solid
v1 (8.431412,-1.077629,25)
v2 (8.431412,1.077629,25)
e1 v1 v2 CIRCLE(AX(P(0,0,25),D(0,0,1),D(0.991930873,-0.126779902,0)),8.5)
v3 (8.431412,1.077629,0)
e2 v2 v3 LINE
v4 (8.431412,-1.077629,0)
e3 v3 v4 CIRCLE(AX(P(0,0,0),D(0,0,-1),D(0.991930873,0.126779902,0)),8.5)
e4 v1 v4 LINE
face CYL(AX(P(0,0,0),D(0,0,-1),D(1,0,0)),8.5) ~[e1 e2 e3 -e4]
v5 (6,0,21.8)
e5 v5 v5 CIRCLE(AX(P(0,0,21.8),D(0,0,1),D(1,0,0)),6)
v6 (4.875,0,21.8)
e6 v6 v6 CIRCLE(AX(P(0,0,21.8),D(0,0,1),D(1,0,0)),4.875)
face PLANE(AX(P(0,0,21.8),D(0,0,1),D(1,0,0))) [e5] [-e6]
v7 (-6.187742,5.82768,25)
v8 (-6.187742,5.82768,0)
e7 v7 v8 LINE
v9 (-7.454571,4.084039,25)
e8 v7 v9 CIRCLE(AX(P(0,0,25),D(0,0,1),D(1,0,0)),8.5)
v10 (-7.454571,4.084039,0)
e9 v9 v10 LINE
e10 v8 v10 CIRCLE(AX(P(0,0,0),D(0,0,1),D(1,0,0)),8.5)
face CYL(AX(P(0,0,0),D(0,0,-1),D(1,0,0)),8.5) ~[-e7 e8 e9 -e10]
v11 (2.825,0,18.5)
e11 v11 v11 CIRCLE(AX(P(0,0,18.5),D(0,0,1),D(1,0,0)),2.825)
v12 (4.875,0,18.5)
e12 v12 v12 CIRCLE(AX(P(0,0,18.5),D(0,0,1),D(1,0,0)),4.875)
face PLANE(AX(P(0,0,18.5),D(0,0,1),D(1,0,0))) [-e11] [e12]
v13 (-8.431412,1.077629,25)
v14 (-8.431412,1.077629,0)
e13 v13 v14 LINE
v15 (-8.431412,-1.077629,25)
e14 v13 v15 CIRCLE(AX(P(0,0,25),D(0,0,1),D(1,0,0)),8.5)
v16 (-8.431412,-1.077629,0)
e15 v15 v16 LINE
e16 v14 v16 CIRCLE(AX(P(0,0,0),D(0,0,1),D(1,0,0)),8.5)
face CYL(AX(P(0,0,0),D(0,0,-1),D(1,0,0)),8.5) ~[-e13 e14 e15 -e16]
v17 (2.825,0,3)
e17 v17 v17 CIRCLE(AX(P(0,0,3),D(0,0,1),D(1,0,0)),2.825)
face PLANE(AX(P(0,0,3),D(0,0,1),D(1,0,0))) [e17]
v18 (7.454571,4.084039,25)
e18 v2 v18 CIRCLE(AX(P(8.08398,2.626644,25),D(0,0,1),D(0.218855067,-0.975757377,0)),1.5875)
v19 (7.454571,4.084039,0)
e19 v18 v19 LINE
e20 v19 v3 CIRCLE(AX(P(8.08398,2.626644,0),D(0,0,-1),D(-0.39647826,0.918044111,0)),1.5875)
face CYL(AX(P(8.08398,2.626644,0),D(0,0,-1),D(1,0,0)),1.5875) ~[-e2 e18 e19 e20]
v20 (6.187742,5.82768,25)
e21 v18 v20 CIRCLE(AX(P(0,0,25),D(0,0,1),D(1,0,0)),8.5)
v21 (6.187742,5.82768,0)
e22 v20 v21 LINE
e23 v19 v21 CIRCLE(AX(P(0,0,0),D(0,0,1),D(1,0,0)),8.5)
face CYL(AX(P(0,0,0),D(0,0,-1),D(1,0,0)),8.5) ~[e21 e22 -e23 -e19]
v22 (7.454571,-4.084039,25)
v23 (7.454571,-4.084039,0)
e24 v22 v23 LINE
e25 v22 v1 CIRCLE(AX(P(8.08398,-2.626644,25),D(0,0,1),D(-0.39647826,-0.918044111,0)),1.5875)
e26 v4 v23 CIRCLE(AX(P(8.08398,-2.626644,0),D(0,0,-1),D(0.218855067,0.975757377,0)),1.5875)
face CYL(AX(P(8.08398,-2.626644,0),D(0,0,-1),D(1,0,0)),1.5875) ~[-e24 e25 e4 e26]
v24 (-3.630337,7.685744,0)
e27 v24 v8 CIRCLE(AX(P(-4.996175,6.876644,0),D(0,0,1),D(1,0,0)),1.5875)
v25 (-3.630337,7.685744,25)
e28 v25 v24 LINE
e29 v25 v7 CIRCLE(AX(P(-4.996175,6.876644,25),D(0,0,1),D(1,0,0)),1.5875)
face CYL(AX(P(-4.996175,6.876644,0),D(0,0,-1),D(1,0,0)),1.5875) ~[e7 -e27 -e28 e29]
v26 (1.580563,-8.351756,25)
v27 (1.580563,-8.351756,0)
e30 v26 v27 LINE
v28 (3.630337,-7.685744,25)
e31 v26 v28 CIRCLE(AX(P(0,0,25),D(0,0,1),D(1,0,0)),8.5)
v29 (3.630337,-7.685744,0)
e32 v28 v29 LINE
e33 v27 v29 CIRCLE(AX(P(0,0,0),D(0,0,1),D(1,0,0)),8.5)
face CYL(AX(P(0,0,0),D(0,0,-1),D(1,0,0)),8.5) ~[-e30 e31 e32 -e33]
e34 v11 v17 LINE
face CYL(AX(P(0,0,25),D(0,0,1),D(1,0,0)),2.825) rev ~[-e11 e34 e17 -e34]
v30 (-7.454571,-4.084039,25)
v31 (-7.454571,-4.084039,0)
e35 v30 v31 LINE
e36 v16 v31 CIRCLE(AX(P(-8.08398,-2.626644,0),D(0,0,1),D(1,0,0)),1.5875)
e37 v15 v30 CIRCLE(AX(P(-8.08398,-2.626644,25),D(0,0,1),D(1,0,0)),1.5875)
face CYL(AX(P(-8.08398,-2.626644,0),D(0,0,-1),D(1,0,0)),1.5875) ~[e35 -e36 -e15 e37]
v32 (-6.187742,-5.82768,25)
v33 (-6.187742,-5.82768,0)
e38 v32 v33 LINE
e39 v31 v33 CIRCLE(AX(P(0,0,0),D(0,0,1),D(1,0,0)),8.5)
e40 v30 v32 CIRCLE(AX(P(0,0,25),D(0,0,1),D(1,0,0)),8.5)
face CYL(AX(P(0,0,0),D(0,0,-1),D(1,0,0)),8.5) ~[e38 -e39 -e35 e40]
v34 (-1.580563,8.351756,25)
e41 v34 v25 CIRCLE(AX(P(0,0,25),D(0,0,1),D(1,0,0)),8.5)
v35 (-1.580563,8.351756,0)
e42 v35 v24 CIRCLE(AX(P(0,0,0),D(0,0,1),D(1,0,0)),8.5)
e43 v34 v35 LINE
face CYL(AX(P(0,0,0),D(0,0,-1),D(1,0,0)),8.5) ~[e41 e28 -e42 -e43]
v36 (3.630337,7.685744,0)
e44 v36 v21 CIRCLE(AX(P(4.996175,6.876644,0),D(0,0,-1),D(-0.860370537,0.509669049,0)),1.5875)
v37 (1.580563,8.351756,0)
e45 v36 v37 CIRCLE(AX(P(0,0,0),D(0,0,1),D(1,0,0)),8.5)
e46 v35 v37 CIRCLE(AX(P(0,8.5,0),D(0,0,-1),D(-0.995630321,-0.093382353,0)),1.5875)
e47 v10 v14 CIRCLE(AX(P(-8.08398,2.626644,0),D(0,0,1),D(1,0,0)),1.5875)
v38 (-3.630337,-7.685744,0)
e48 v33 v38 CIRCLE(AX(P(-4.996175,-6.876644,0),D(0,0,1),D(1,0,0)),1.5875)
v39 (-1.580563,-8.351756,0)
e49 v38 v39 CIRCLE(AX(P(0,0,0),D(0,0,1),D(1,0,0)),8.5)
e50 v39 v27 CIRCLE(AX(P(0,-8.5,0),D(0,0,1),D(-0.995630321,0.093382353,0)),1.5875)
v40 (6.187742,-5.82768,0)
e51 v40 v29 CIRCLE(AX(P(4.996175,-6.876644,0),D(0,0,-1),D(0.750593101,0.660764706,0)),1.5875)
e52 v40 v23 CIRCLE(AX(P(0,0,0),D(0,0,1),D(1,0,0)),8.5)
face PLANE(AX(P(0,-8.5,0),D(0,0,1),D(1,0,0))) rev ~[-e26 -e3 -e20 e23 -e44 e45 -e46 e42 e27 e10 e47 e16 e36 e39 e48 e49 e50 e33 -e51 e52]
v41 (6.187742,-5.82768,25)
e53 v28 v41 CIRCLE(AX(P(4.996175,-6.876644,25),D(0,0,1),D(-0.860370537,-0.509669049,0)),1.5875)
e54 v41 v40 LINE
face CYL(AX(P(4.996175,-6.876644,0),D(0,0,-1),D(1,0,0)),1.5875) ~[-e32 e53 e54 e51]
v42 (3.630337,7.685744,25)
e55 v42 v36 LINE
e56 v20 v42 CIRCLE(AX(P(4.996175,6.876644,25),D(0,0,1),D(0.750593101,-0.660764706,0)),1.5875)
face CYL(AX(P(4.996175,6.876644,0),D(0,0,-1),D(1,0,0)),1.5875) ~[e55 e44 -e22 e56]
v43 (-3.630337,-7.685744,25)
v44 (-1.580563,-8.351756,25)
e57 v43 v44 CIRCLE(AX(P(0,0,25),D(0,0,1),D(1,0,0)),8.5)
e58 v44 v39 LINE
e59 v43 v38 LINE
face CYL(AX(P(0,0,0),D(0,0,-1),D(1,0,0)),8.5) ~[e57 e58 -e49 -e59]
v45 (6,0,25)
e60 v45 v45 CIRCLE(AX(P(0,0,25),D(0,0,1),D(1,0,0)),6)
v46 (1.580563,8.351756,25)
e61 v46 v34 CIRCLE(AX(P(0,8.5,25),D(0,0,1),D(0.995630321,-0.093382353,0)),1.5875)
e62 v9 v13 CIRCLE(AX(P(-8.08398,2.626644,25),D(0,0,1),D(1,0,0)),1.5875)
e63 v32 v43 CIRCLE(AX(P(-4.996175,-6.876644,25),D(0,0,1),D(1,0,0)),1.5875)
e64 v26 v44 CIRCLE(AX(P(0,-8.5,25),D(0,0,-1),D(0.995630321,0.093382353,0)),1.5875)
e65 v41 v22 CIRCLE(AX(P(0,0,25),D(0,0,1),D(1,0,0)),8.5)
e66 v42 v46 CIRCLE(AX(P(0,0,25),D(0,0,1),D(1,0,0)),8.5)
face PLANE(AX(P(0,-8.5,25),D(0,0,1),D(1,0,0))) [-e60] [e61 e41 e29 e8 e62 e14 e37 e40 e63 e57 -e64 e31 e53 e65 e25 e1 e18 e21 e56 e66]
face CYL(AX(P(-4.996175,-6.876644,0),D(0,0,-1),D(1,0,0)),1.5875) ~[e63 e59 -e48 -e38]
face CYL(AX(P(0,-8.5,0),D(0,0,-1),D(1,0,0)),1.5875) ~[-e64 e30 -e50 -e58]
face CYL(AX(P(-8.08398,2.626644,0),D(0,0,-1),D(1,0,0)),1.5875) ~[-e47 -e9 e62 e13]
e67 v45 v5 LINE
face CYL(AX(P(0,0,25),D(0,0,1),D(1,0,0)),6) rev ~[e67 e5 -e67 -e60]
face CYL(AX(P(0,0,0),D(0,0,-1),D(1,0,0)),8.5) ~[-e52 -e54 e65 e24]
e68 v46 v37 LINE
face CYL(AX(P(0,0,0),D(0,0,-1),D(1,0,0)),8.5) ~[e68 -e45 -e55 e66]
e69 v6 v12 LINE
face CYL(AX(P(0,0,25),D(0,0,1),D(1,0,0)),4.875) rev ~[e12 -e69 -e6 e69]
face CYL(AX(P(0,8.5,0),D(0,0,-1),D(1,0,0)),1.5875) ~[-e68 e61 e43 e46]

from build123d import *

# Parameters (mm, degrees)
F0_R     = 8.5
F1_DEPTH = 25
F2_R     = 2.825
F3_DEPTH = 22
F4_R     = 4.875
F5_DEPTH = 6.5
F6_R     = 6
F7_DEPTH = 3.2
F8_R     = 1.5875
F9_DEPTH = 25


with BuildPart() as f1:
    # F0 (on Top) → F1 (new body)
    with BuildSketch(Plane.XY):
        Circle(F0_R)
    extrude(amount=F1_DEPTH)

    # F2 (on face) → F3 (cut)
    with BuildSketch(Plane.XY.offset(25)):
        Circle(F2_R)
    extrude(amount=-F3_DEPTH, mode=Mode.SUBTRACT)

    # F4 (on face) → F5 (cut)
    with BuildSketch(Plane.XY.offset(25)):
        Circle(F4_R)
    extrude(amount=-F5_DEPTH, mode=Mode.SUBTRACT)

    # F6 (on face) → F7 (cut)
    with BuildSketch(Plane.XY.offset(25)):
        Circle(F6_R)
    extrude(amount=-F7_DEPTH, mode=Mode.SUBTRACT)

    # F8 (on Top) → F9 (join)
    with BuildSketch(Plane.XY):
        with Locations((0, -8.5)):
            Circle(F8_R)
        with Locations((4.996175, -6.876644)):
            Circle(F8_R)
        with Locations((8.08398, -2.626644)):
            Circle(F8_R)
        with Locations((8.08398, 2.626644)):
            Circle(F8_R)
        with Locations((4.996175, 6.876644)):
            Circle(F8_R)
        with Locations((0, 8.5)):
            Circle(F8_R)
        with Locations((-4.996175, 6.876644)):
            Circle(F8_R)
        with Locations((-8.08398, 2.626644)):
            Circle(F8_R)
        with Locations((-8.08398, -2.626644)):
            Circle(F8_R)
        with Locations((-4.996175, -6.876644)):
            Circle(F8_R)
    extrude(amount=F9_DEPTH)


solid = f1.part
